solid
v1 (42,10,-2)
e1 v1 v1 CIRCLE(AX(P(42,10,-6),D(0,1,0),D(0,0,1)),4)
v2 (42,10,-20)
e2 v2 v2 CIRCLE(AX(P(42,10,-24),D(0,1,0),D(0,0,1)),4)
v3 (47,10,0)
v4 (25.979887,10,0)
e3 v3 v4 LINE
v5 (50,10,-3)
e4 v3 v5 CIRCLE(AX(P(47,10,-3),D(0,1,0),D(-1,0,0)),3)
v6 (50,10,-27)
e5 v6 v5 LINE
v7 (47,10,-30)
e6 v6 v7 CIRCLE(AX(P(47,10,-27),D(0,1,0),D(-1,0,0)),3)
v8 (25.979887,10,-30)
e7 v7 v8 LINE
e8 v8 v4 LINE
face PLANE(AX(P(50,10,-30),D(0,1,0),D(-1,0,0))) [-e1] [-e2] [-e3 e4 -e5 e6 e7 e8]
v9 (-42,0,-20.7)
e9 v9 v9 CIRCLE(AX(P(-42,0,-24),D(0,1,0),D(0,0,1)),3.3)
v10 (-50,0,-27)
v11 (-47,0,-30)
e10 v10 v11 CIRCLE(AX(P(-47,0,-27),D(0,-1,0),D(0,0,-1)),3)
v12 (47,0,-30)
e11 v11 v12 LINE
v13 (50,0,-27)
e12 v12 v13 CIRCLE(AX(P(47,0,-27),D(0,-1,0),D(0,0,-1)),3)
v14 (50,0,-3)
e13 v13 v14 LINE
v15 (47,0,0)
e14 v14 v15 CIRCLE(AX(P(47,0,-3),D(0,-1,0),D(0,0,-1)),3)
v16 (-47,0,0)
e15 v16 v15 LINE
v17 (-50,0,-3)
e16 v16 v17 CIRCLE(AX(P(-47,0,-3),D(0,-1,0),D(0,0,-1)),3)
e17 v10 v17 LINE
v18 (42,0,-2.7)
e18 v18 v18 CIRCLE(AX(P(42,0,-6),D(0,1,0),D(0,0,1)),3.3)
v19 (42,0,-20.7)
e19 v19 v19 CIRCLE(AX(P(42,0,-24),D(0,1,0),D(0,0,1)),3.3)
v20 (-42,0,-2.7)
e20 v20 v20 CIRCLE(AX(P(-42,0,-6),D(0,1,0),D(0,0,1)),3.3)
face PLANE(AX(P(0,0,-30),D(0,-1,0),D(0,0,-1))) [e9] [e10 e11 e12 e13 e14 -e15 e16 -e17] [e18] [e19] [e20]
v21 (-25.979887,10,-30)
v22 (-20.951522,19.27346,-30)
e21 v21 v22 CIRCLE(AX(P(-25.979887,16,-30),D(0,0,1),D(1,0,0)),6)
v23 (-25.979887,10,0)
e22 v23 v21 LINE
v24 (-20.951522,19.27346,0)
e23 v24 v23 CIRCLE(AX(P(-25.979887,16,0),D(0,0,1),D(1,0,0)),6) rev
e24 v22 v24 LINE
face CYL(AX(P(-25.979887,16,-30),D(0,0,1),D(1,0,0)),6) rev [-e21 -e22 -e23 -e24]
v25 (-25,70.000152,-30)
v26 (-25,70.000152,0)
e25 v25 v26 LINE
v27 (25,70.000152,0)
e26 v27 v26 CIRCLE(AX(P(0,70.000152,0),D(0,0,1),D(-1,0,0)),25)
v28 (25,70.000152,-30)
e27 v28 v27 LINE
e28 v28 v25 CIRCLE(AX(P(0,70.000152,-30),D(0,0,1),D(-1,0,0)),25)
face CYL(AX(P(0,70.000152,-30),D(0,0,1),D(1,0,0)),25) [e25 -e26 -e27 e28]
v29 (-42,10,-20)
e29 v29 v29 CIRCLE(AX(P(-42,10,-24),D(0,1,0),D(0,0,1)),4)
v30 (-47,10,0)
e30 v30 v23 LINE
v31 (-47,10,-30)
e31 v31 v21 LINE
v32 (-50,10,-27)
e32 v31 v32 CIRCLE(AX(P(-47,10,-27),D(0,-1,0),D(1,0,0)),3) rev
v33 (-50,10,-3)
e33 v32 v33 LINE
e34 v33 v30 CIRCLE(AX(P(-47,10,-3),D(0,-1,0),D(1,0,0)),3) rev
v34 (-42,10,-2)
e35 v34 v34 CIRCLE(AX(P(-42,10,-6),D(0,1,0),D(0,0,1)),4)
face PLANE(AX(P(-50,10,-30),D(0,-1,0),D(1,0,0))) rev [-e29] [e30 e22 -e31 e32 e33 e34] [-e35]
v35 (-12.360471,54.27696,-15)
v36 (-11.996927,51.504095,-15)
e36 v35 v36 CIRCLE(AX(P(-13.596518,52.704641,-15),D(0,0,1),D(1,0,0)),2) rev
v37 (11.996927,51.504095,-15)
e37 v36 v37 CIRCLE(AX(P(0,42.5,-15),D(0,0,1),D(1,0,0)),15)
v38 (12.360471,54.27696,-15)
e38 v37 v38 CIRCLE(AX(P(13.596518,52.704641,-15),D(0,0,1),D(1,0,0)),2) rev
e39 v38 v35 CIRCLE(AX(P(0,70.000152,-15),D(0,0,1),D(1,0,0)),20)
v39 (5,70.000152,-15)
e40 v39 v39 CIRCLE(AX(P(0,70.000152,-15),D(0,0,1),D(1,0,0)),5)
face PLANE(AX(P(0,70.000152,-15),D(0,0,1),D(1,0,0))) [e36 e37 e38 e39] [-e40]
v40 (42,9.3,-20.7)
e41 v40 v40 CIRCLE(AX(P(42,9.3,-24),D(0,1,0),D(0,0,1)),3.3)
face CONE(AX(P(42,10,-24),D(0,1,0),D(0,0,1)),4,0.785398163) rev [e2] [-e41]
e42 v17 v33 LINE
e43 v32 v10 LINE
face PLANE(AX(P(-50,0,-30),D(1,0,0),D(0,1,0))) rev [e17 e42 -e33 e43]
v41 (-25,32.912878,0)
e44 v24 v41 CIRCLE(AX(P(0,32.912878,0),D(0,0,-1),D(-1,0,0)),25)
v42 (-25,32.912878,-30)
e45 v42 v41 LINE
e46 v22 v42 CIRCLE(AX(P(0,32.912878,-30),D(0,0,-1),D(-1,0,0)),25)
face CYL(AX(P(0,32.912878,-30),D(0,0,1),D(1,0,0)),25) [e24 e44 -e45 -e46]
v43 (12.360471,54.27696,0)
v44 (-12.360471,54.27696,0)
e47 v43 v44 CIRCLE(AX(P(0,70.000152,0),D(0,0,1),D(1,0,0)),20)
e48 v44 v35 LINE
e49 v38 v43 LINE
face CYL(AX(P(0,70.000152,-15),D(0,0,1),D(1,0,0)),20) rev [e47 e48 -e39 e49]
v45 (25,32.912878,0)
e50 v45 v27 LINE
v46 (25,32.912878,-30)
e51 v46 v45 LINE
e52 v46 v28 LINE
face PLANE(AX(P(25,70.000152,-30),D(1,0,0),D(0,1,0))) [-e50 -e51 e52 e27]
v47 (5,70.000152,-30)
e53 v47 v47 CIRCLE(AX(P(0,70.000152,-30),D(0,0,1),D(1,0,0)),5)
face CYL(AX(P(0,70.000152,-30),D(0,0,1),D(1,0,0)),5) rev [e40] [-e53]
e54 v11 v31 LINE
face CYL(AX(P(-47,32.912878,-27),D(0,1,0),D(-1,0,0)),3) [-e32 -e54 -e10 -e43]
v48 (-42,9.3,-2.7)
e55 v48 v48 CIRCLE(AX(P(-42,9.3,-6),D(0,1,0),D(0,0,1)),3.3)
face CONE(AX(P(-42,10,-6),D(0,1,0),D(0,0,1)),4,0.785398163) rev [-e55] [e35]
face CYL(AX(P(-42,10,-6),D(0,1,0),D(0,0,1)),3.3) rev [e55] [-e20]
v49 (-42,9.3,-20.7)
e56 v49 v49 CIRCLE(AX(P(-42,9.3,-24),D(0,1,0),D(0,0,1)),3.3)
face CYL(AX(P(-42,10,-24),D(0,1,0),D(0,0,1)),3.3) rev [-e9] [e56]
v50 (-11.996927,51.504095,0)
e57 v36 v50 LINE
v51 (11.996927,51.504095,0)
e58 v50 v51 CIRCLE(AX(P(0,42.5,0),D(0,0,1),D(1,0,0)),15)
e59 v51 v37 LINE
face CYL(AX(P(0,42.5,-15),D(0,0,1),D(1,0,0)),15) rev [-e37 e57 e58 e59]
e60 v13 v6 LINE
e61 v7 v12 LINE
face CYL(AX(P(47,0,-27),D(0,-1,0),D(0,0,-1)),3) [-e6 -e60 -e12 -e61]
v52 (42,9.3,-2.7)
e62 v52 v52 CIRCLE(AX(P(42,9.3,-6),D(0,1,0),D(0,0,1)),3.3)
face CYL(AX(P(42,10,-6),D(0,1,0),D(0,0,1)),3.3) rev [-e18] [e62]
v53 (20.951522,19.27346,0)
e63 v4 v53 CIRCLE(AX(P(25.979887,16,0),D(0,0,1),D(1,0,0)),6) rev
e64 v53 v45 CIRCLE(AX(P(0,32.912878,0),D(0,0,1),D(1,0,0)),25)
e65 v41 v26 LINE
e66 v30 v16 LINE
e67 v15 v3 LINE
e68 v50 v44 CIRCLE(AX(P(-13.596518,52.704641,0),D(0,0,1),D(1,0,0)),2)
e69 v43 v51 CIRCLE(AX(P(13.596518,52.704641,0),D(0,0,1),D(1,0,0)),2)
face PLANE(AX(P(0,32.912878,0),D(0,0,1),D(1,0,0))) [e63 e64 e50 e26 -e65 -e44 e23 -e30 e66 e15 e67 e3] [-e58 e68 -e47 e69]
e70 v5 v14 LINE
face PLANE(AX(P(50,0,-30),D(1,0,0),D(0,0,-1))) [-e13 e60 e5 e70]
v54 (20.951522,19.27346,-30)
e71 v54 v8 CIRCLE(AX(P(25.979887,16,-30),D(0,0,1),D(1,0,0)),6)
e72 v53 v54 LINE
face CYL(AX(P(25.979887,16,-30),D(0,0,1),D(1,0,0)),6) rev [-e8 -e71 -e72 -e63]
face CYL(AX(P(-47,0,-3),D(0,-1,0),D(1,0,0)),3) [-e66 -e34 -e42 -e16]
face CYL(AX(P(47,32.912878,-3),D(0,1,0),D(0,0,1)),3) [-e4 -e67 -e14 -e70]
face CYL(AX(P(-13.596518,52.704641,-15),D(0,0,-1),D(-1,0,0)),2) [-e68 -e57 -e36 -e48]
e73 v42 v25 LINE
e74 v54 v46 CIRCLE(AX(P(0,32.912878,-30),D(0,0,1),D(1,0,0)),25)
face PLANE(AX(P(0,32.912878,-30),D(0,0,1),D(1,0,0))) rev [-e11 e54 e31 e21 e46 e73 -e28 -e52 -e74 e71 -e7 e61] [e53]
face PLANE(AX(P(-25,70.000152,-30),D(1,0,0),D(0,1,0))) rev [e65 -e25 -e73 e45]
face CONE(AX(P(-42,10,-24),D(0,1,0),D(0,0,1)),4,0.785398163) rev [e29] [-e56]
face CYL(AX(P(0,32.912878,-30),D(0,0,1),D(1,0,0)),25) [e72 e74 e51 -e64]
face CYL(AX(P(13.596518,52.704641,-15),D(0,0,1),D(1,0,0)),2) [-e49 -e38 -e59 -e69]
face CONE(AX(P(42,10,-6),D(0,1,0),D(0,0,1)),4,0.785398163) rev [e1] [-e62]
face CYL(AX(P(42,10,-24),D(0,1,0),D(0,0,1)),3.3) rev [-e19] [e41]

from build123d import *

# Parameters (mm, degrees)
EXTRUDE_1_DEPTH             = 30
SKETCH_2_R                  = 20
CUT_EXTRUDE_1_DEPTH         = 15
SKETCH_3_R                  = 5
CUT_EXTRUDE_2_DEPTH         = 109.397550478
FILLET_5_R                  = 6
SKETCH_4_R                  = 15
CUT_EXTRUDE_3_DEPTH         = 15
FILLET_6_R                  = 2
HOLE_WIZARD_M62_D           = 6.6
HOLE_WIZARD_M62_CSINK_D     = 8
HOLE_WIZARD_M62_CSINK_ANGLE = 90
PATTERN_LINEAR_1_COUNT      = 2
PATTERN_LINEAR_1_PITCH      = 18
PATTERN_LINEAR_1_COUNT_DIR2 = 2
PATTERN_LINEAR_1_PITCH_DIR2 = 84
FILLET_7_R                  = 3


with BuildPart() as part:
    # Эскиз1 → Бобышка-Вытянуть1 (new body)
    with BuildSketch(Plane.XY):
        with BuildLine():
            Line((0, 10), (0, 0))
            Line((0, 0), (50, 0))
            Line((50, 0), (50, 10))
            Line((50, 10), (10, 10))
            ThreePointArc((10, 10), (20.916500663, 19.219814537), (25, 32.912878475))
            Line((25, 32.912878475), (25, 70.000152367))
            ThreePointArc((25, 70.000152367), (17.67766953, 87.677821896), (0, 95.000152367))
            Line((0, 95.000152367), (0, 32.912878475))
            Line((0, 32.912878475), (0, 10))
        make_face()
    extrude_1 = extrude(amount=-EXTRUDE_1_DEPTH)

    # Зеркальное отражение1: Бобышка-Вытянуть1 across plane
    add(extrude_1.mirror(Plane(origin=(0, 95.000152367, -30), x_dir=(0, 0, 1), z_dir=(-1, 0, 0))))

    # Эскиз2 → Вырез-Вытянуть1 (cut)
    with BuildSketch(Plane.XY):
        with Locations((0, 70.000152367)):
            Circle(SKETCH_2_R)
    extrude(amount=-CUT_EXTRUDE_1_DEPTH, mode=Mode.SUBTRACT)

    # Эскиз3 → Вырез-Вытянуть2 (cut, through all)
    with BuildSketch(Plane.XY.offset(-15)):
        with Locations((0, 70.000152367)):
            Circle(SKETCH_3_R)
    extrude(amount=-CUT_EXTRUDE_2_DEPTH, mode=Mode.SUBTRACT)

    # Скругление5
    fillet_5_edges = [part.edges().sort_by_distance(p)[0] for p in [
        (10, 10, -15),
        (-10, 10, -15),
    ]]
    fillet(fillet_5_edges, radius=FILLET_5_R)

    # Эскиз4 → Вырез-Вытянуть3 (cut)
    with BuildSketch(Plane.XY):
        with Locations((0, 42.5)):
            Circle(SKETCH_4_R)
    extrude(amount=-CUT_EXTRUDE_3_DEPTH, mode=Mode.SUBTRACT)

    # Скругление6
    fillet_6_edges = [part.edges().sort_by_distance(p)[0] for p in [
        (10.644789814, 53.068275631, -7.5),
        (-10.644789814, 53.068275631, -7.5),
    ]]
    fillet(fillet_6_edges, radius=FILLET_6_R)

    # Зенковка для винта с полупотайной головкой M62 (through all)
    with Locations(Plane(origin=(42, 10, -24), x_dir=(1, 0, 0), z_dir=(0, 1, 0))):
        with Locations((0, 0)):
            hole_wizard_m62 = CounterSinkHole(HOLE_WIZARD_M62_D / 2, HOLE_WIZARD_M62_CSINK_D / 2, counter_sink_angle=HOLE_WIZARD_M62_CSINK_ANGLE)

    # Линейный массив1: Hole Wizard M62 2 × 2
    with Locations(*[(-j * PATTERN_LINEAR_1_PITCH_DIR2, 0, i * PATTERN_LINEAR_1_PITCH) for i in range(PATTERN_LINEAR_1_COUNT) for j in range(PATTERN_LINEAR_1_COUNT_DIR2) if (i, j) != (0, 0)]):
        add(hole_wizard_m62, mode=Mode.SUBTRACT)

    # Скругление7
    fillet_7_edges = [part.edges().sort_by_distance(p)[0] for p in [
        (50, 5, 0),
        (50, 5, -30),
        (-50, 5, 0),
        (-50, 5, -30),
    ]]
    fillet(fillet_7_edges, radius=FILLET_7_R)


solid = part.part
